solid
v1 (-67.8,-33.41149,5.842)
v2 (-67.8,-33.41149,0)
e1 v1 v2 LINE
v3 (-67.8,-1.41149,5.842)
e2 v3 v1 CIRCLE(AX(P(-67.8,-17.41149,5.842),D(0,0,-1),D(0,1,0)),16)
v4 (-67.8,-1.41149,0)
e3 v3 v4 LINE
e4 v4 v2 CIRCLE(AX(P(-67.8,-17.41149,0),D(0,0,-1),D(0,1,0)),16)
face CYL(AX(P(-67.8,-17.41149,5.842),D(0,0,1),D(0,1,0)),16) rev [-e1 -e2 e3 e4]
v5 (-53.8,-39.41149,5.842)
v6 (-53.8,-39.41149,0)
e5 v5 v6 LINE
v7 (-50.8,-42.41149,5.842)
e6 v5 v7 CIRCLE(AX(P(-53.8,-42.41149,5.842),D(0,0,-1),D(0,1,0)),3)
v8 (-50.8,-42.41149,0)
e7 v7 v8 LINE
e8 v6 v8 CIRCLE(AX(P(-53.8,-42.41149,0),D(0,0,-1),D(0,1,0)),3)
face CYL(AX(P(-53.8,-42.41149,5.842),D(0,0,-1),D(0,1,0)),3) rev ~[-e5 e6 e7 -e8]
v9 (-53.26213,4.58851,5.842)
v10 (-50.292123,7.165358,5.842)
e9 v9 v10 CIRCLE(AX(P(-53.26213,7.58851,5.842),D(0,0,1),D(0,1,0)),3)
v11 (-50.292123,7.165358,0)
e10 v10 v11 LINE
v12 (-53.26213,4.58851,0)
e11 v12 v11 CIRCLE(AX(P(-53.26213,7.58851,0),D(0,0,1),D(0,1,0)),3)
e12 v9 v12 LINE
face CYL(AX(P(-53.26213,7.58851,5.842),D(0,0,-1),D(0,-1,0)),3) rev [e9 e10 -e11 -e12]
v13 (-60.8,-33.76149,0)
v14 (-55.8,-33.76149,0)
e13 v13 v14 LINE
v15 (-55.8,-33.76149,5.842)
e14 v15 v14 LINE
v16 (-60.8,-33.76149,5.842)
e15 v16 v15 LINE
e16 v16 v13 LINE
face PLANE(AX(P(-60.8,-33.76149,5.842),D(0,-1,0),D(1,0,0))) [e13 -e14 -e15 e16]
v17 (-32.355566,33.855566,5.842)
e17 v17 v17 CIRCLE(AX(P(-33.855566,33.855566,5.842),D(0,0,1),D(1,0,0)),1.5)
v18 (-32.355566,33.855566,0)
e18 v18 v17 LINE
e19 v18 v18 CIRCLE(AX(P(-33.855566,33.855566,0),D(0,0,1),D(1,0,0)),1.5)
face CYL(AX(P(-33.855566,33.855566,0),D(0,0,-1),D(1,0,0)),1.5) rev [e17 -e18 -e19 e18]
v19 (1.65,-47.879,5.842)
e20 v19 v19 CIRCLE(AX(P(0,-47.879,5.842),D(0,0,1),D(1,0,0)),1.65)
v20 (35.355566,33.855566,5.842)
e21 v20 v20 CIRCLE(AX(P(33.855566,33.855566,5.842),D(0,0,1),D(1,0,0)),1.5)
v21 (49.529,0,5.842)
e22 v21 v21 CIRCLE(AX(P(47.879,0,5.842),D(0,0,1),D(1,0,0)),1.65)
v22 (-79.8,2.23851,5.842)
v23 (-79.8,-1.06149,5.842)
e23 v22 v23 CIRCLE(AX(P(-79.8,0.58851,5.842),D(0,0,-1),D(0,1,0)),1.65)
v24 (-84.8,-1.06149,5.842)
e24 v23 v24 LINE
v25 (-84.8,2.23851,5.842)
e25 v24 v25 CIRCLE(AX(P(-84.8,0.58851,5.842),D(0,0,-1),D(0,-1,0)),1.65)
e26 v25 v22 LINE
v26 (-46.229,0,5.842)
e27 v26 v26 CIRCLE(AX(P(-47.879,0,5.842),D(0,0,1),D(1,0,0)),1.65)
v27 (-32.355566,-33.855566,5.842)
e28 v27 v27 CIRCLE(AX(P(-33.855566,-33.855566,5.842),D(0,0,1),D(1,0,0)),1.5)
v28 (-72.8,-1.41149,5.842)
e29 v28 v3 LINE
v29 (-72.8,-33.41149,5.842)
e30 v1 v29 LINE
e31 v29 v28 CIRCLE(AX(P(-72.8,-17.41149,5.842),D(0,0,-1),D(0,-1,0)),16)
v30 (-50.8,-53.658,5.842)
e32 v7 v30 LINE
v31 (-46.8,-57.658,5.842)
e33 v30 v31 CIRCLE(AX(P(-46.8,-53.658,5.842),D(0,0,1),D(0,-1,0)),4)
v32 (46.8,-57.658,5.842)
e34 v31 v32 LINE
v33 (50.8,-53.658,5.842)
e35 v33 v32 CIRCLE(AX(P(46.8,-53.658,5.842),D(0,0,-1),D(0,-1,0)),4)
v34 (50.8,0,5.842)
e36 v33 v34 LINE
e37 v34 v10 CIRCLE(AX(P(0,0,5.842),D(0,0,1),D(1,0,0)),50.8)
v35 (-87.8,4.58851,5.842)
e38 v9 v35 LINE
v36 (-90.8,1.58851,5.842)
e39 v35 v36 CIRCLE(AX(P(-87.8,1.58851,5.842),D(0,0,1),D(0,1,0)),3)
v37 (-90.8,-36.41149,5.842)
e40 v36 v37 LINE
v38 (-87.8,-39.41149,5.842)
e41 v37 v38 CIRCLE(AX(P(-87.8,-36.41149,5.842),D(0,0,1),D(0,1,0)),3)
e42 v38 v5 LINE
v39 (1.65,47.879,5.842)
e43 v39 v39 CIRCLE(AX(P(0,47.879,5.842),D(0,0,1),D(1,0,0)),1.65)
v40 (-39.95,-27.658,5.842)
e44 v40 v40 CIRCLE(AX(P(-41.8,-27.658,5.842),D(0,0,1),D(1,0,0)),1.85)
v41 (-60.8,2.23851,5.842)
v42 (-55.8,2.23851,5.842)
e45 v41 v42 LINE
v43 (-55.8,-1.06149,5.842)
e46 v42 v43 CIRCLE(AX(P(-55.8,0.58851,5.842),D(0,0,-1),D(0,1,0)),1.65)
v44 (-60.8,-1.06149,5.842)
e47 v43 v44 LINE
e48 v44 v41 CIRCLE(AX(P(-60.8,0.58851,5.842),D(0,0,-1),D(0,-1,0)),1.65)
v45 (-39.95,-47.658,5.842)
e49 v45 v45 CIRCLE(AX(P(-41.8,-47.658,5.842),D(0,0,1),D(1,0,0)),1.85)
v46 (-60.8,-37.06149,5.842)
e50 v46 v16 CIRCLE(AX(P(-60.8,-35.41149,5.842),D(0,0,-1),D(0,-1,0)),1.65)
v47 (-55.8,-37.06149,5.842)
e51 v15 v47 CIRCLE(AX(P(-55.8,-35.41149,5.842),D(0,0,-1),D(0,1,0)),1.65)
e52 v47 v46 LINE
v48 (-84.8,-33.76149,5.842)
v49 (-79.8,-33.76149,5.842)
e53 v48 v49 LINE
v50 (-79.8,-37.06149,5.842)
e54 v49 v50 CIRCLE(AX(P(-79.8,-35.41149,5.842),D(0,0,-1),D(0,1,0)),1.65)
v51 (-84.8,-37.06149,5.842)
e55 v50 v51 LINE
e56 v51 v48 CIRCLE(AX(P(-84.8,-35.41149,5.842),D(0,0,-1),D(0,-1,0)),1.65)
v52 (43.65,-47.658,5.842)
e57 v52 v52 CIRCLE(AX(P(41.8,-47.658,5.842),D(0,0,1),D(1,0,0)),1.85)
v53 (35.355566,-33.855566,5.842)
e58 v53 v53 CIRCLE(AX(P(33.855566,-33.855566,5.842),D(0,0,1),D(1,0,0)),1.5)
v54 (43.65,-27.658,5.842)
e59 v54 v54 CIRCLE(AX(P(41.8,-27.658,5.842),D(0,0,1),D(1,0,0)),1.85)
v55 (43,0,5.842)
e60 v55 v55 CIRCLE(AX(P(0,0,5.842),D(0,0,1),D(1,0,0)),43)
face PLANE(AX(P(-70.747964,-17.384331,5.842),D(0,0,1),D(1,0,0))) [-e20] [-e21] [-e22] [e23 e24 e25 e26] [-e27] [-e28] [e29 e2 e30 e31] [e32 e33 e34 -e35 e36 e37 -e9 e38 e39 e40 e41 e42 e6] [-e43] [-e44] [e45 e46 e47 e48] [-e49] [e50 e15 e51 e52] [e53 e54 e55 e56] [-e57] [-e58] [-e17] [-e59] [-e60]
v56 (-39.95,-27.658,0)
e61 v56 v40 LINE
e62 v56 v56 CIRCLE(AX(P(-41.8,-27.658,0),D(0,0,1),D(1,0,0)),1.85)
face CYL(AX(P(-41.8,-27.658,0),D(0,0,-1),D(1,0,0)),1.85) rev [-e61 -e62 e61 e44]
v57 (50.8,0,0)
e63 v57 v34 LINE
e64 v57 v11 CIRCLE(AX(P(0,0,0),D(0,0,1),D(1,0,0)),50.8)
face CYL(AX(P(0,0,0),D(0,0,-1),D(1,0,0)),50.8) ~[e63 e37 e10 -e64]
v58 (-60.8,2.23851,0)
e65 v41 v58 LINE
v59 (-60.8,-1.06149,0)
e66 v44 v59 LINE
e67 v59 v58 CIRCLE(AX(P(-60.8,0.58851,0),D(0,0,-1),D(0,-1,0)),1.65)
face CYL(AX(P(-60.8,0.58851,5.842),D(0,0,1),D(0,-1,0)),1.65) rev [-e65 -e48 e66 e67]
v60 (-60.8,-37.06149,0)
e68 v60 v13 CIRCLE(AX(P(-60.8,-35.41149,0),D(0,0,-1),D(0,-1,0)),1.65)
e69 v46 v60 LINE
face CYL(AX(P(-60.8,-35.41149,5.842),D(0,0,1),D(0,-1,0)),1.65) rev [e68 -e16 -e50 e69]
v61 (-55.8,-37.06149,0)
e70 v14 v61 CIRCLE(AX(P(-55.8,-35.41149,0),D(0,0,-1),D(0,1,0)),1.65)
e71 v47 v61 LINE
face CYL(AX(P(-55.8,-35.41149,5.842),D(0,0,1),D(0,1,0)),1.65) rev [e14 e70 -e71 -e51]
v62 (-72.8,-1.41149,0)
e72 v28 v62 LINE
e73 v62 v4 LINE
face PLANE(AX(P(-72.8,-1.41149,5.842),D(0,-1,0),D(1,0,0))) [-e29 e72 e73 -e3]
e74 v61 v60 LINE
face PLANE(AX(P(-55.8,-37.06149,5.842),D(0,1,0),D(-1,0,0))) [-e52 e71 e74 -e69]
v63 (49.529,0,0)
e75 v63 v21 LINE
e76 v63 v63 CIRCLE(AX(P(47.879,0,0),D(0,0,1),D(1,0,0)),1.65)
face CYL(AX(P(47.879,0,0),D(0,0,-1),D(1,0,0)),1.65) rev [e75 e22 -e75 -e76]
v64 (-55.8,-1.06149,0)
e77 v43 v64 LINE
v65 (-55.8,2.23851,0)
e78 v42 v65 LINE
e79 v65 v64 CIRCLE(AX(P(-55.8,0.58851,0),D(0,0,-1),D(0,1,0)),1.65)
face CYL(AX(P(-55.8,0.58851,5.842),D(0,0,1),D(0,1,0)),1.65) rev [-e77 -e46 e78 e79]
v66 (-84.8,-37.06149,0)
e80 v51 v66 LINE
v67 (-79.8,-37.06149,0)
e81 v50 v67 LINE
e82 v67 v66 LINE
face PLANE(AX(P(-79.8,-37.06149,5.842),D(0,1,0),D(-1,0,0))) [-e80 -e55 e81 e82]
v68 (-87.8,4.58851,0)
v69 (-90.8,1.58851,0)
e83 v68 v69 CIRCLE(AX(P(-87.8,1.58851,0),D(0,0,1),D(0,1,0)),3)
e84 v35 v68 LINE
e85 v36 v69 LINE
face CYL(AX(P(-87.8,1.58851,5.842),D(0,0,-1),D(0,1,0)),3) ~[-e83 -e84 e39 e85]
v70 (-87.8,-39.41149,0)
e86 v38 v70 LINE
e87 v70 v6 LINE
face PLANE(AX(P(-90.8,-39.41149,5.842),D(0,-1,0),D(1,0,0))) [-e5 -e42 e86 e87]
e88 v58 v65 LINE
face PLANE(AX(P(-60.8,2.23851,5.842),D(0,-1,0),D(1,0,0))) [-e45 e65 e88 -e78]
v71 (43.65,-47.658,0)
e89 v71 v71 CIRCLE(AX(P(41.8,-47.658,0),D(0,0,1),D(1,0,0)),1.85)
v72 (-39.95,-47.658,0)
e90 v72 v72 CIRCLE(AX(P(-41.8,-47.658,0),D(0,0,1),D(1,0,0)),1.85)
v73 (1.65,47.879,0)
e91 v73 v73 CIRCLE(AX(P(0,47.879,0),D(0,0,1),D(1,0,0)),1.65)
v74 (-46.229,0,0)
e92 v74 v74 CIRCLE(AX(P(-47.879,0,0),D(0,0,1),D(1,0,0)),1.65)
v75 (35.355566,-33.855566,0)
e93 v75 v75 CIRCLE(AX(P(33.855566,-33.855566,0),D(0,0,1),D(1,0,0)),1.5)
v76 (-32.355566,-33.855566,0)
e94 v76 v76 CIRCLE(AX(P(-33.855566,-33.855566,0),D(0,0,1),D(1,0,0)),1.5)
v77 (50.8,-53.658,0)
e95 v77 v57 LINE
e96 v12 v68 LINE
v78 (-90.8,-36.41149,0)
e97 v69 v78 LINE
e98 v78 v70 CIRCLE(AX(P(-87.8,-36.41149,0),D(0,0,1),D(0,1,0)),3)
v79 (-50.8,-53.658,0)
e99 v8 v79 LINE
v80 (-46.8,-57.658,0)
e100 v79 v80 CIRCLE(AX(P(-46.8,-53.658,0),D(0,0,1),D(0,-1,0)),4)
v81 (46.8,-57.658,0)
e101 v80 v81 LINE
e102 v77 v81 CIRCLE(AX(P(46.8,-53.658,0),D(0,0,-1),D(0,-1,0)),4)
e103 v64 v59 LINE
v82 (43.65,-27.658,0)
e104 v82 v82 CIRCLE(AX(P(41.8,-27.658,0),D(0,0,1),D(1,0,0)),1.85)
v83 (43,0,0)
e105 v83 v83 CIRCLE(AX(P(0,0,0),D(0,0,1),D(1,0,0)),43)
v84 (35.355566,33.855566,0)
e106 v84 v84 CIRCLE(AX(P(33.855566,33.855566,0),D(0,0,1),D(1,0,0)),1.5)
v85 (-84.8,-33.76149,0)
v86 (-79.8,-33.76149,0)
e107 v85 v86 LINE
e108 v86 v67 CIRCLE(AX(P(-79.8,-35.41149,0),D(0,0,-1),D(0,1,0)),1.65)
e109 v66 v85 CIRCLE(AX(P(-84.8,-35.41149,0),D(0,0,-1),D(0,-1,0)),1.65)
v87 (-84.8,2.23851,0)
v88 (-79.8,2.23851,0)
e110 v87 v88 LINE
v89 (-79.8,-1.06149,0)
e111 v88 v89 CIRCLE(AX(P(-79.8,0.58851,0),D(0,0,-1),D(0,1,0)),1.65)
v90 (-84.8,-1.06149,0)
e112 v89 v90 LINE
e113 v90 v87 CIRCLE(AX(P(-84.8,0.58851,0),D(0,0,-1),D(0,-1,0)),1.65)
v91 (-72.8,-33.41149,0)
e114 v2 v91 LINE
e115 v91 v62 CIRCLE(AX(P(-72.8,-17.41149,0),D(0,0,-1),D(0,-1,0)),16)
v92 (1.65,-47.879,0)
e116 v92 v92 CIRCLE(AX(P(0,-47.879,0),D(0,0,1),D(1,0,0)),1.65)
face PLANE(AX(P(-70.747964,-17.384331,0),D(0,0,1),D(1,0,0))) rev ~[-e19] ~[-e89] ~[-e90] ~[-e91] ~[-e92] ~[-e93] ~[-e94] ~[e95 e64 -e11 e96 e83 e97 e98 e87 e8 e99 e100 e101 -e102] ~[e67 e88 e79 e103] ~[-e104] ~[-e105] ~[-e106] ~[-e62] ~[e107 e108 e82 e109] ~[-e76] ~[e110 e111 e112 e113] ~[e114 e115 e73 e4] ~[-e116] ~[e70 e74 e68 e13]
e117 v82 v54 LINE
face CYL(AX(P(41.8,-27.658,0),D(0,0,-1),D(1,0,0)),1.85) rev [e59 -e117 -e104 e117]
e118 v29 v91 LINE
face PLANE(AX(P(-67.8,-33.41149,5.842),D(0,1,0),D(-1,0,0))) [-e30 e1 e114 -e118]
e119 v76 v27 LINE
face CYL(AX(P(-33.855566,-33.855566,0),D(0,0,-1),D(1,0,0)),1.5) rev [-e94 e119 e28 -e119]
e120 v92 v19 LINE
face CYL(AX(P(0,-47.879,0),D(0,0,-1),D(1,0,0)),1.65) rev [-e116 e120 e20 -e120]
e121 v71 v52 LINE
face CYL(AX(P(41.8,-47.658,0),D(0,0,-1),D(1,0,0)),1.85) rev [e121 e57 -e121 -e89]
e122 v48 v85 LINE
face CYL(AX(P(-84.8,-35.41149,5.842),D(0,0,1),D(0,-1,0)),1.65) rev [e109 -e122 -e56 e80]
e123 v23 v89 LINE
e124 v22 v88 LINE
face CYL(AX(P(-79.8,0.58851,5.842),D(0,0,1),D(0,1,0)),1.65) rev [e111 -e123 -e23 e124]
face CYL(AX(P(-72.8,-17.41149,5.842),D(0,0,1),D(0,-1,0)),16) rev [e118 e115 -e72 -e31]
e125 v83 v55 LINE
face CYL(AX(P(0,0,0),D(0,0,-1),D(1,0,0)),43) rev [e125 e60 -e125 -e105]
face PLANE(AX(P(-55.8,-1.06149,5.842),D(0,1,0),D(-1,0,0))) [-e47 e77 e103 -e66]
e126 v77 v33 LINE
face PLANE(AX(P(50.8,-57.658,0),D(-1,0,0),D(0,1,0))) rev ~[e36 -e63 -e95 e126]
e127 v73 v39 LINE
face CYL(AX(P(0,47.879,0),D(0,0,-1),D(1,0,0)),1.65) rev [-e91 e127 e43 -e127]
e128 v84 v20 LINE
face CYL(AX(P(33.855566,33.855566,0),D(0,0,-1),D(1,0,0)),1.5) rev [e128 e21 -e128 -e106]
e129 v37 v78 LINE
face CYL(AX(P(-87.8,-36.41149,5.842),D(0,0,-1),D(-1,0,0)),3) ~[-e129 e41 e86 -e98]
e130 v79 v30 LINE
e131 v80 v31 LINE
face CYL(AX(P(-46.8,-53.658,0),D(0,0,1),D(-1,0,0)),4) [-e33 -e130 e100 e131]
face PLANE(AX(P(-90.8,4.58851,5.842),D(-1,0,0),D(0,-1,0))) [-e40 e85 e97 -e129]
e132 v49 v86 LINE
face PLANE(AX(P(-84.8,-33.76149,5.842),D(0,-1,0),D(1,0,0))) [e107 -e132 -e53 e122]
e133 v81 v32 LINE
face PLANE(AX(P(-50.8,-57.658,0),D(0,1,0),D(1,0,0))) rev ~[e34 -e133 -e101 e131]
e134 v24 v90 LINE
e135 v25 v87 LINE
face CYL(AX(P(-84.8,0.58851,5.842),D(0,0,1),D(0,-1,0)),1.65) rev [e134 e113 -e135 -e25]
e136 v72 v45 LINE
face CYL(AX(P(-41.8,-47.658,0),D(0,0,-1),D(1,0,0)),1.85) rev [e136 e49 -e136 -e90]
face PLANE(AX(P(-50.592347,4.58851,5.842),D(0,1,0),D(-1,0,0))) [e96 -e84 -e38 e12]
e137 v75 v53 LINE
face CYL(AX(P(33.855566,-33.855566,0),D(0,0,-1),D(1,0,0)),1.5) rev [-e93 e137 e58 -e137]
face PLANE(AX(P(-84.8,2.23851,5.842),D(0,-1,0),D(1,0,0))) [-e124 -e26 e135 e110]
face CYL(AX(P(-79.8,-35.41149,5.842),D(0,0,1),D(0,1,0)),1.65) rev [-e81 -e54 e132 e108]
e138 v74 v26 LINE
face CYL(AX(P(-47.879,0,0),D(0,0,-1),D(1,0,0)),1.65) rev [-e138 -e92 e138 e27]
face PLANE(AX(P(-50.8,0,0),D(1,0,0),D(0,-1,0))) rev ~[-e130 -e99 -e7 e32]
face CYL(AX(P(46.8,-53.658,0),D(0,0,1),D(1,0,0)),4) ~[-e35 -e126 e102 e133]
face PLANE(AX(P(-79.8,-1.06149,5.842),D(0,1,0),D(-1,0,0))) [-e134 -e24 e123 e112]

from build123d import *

# Parameters (mm, degrees)
SKETCH1_R           = 1.85
SKETCH1_R_2         = 1.5
SKETCH1_R_3         = 1.65
SKETCH1_R_4         = 43
BOSS_EXTRUDE1_DEPTH = 5.842
FILLET1_R           = 4
BOSS_EXTRUDE2_DEPTH = 5.842
FILLET2_R           = 3


with BuildPart() as part:
    # Sketch1 → Boss-Extrude1 (new body)
    # profile 1 of 2: a face of its own
    with BuildSketch(Plane.XY):
        with BuildLine():
            ThreePointArc((50.8, 0), (0, 50.8), (-50.8, 0))
            Line((-50.8, 0), (-50.8, -57.658))
            Line((-50.8, -57.658), (0, -57.658))
            Line((0, -57.658), (50.8, -57.658))
            Line((50.8, -57.658), (50.8, 0))
        make_face()
        with Locations((-41.8, -47.658)):
            Circle(SKETCH1_R, mode=Mode.SUBTRACT)
        with Locations((-33.855565576, -33.855565576)):
            Circle(SKETCH1_R_2, mode=Mode.SUBTRACT)
        with Locations((-41.8, -27.658)):
            Circle(SKETCH1_R, mode=Mode.SUBTRACT)
        with Locations((0, -47.879)):
            Circle(SKETCH1_R_3, mode=Mode.SUBTRACT)
        with Locations((41.8, -47.658)):
            Circle(SKETCH1_R, mode=Mode.SUBTRACT)
        with Locations((33.855565576, -33.855565576)):
            Circle(SKETCH1_R_2, mode=Mode.SUBTRACT)
        with Locations((41.8, -27.658)):
            Circle(SKETCH1_R, mode=Mode.SUBTRACT)
        with Locations((-47.879, 0)):
            Circle(SKETCH1_R_3, mode=Mode.SUBTRACT)
        Circle(SKETCH1_R_4, mode=Mode.SUBTRACT)
        with Locations((-33.855565576, 33.855565576)):
            Circle(SKETCH1_R_2, mode=Mode.SUBTRACT)
        with Locations((0, 47.879)):
            Circle(SKETCH1_R_3, mode=Mode.SUBTRACT)
        with Locations((47.879, 0)):
            Circle(SKETCH1_R_3, mode=Mode.SUBTRACT)
        with Locations((33.855565576, 33.855565576)):
            Circle(SKETCH1_R_2, mode=Mode.SUBTRACT)
    # profile 2 of 2: a face of its own
    with BuildSketch(Plane.XY):
        with BuildLine():
            ThreePointArc((50.8, 0), (0, 50.8), (-50.8, 0))
            Line((-50.8, 0), (-50.8, -57.658))
            Line((-50.8, -57.658), (0, -57.658))
            Line((0, -57.658), (50.8, -57.658))
            Line((50.8, -57.658), (50.8, 0))
        make_face()
        with Locations((-41.8, -47.658)):
            Circle(SKETCH1_R, mode=Mode.SUBTRACT)
        with Locations((-33.855565576, -33.855565576)):
            Circle(SKETCH1_R_2, mode=Mode.SUBTRACT)
        with Locations((-41.8, -27.658)):
            Circle(SKETCH1_R, mode=Mode.SUBTRACT)
        with Locations((0, -47.879)):
            Circle(SKETCH1_R_3, mode=Mode.SUBTRACT)
        with Locations((41.8, -47.658)):
            Circle(SKETCH1_R, mode=Mode.SUBTRACT)
        with Locations((33.855565576, -33.855565576)):
            Circle(SKETCH1_R_2, mode=Mode.SUBTRACT)
        with Locations((41.8, -27.658)):
            Circle(SKETCH1_R, mode=Mode.SUBTRACT)
        with Locations((-47.879, 0)):
            Circle(SKETCH1_R_3, mode=Mode.SUBTRACT)
        Circle(SKETCH1_R_4, mode=Mode.SUBTRACT)
        with Locations((-33.855565576, 33.855565576)):
            Circle(SKETCH1_R_2, mode=Mode.SUBTRACT)
        with Locations((0, 47.879)):
            Circle(SKETCH1_R_3, mode=Mode.SUBTRACT)
        with Locations((47.879, 0)):
            Circle(SKETCH1_R_3, mode=Mode.SUBTRACT)
        with Locations((33.855565576, 33.855565576)):
            Circle(SKETCH1_R_2, mode=Mode.SUBTRACT)
    extrude(amount=BOSS_EXTRUDE1_DEPTH)

    # Fillet1
    fillet1_edges = [part.edges().sort_by_distance(p)[0] for p in [
        (50.8, -57.658, 2.921),
        (-50.8, -57.658, 2.921),
    ]]
    fillet(fillet1_edges, radius=FILLET1_R)

    # Sketch2 → Boss-Extrude2 (add, through all)
    with BuildSketch(Plane.XY.offset(5.842)):
        Polygon((-50.592347052, 4.588509541), (-90.8, 4.588509541), (-90.8, -39.411490459), (-50.8, -39.411490459), align=None)
        with BuildLine():
            Line((-67.8, -33.411490459), (-72.8, -33.411490459))
            ThreePointArc((-72.8, -33.411490459), (-88.8, -17.411490459), (-72.8, -1.411490459))
            Line((-72.8, -1.411490459), (-67.8, -1.411490459))
            ThreePointArc((-67.8, -1.411490459), (-51.8, -17.411490459), (-67.8, -33.411490459))
        make_face(mode=Mode.SUBTRACT)
        with BuildLine():
            Line((-79.8, -1.061490459), (-84.8, -1.061490459))
            ThreePointArc((-84.8, -1.061490459), (-86.45, 0.588509541), (-84.8, 2.238509541))
            Line((-84.8, 2.238509541), (-79.8, 2.238509541))
            ThreePointArc((-79.8, 2.238509541), (-78.15, 0.588509541), (-79.8, -1.061490459))
        make_face(mode=Mode.SUBTRACT)
        with BuildLine():
            Line((-55.8, -1.061490459), (-60.8, -1.061490459))
            ThreePointArc((-60.8, -1.061490459), (-62.45, 0.588509541), (-60.8, 2.238509541))
            Line((-60.8, 2.238509541), (-55.8, 2.238509541))
            ThreePointArc((-55.8, 2.238509541), (-54.15, 0.588509541), (-55.8, -1.061490459))
        make_face(mode=Mode.SUBTRACT)
        with BuildLine():
            Line((-55.8, -37.061490459), (-60.8, -37.061490459))
            ThreePointArc((-60.8, -37.061490459), (-62.45, -35.411490459), (-60.8, -33.761490459))
            Line((-60.8, -33.761490459), (-55.8, -33.761490459))
            ThreePointArc((-55.8, -33.761490459), (-54.15, -35.411490459), (-55.8, -37.061490459))
        make_face(mode=Mode.SUBTRACT)
        with BuildLine():
            Line((-79.8, -37.061490459), (-84.8, -37.061490459))
            ThreePointArc((-84.8, -37.061490459), (-86.45, -35.411490459), (-84.8, -33.761490459))
            Line((-84.8, -33.761490459), (-79.8, -33.761490459))
            ThreePointArc((-79.8, -33.761490459), (-78.15, -35.411490459), (-79.8, -37.061490459))
        make_face(mode=Mode.SUBTRACT)
    extrude(amount=-BOSS_EXTRUDE2_DEPTH)

    # Fillet2
    fillet2_edges = [part.edges().sort_by_distance(p)[0] for p in [
        (-50.592347052, 4.588509541, 2.921),
        (-50.8, -39.411490459, 2.921),
        (-90.8, -39.411490459, 2.921),
        (-90.8, 4.588509541, 2.921),
    ]]
    fillet(fillet2_edges, radius=FILLET2_R)


solid = part.part
